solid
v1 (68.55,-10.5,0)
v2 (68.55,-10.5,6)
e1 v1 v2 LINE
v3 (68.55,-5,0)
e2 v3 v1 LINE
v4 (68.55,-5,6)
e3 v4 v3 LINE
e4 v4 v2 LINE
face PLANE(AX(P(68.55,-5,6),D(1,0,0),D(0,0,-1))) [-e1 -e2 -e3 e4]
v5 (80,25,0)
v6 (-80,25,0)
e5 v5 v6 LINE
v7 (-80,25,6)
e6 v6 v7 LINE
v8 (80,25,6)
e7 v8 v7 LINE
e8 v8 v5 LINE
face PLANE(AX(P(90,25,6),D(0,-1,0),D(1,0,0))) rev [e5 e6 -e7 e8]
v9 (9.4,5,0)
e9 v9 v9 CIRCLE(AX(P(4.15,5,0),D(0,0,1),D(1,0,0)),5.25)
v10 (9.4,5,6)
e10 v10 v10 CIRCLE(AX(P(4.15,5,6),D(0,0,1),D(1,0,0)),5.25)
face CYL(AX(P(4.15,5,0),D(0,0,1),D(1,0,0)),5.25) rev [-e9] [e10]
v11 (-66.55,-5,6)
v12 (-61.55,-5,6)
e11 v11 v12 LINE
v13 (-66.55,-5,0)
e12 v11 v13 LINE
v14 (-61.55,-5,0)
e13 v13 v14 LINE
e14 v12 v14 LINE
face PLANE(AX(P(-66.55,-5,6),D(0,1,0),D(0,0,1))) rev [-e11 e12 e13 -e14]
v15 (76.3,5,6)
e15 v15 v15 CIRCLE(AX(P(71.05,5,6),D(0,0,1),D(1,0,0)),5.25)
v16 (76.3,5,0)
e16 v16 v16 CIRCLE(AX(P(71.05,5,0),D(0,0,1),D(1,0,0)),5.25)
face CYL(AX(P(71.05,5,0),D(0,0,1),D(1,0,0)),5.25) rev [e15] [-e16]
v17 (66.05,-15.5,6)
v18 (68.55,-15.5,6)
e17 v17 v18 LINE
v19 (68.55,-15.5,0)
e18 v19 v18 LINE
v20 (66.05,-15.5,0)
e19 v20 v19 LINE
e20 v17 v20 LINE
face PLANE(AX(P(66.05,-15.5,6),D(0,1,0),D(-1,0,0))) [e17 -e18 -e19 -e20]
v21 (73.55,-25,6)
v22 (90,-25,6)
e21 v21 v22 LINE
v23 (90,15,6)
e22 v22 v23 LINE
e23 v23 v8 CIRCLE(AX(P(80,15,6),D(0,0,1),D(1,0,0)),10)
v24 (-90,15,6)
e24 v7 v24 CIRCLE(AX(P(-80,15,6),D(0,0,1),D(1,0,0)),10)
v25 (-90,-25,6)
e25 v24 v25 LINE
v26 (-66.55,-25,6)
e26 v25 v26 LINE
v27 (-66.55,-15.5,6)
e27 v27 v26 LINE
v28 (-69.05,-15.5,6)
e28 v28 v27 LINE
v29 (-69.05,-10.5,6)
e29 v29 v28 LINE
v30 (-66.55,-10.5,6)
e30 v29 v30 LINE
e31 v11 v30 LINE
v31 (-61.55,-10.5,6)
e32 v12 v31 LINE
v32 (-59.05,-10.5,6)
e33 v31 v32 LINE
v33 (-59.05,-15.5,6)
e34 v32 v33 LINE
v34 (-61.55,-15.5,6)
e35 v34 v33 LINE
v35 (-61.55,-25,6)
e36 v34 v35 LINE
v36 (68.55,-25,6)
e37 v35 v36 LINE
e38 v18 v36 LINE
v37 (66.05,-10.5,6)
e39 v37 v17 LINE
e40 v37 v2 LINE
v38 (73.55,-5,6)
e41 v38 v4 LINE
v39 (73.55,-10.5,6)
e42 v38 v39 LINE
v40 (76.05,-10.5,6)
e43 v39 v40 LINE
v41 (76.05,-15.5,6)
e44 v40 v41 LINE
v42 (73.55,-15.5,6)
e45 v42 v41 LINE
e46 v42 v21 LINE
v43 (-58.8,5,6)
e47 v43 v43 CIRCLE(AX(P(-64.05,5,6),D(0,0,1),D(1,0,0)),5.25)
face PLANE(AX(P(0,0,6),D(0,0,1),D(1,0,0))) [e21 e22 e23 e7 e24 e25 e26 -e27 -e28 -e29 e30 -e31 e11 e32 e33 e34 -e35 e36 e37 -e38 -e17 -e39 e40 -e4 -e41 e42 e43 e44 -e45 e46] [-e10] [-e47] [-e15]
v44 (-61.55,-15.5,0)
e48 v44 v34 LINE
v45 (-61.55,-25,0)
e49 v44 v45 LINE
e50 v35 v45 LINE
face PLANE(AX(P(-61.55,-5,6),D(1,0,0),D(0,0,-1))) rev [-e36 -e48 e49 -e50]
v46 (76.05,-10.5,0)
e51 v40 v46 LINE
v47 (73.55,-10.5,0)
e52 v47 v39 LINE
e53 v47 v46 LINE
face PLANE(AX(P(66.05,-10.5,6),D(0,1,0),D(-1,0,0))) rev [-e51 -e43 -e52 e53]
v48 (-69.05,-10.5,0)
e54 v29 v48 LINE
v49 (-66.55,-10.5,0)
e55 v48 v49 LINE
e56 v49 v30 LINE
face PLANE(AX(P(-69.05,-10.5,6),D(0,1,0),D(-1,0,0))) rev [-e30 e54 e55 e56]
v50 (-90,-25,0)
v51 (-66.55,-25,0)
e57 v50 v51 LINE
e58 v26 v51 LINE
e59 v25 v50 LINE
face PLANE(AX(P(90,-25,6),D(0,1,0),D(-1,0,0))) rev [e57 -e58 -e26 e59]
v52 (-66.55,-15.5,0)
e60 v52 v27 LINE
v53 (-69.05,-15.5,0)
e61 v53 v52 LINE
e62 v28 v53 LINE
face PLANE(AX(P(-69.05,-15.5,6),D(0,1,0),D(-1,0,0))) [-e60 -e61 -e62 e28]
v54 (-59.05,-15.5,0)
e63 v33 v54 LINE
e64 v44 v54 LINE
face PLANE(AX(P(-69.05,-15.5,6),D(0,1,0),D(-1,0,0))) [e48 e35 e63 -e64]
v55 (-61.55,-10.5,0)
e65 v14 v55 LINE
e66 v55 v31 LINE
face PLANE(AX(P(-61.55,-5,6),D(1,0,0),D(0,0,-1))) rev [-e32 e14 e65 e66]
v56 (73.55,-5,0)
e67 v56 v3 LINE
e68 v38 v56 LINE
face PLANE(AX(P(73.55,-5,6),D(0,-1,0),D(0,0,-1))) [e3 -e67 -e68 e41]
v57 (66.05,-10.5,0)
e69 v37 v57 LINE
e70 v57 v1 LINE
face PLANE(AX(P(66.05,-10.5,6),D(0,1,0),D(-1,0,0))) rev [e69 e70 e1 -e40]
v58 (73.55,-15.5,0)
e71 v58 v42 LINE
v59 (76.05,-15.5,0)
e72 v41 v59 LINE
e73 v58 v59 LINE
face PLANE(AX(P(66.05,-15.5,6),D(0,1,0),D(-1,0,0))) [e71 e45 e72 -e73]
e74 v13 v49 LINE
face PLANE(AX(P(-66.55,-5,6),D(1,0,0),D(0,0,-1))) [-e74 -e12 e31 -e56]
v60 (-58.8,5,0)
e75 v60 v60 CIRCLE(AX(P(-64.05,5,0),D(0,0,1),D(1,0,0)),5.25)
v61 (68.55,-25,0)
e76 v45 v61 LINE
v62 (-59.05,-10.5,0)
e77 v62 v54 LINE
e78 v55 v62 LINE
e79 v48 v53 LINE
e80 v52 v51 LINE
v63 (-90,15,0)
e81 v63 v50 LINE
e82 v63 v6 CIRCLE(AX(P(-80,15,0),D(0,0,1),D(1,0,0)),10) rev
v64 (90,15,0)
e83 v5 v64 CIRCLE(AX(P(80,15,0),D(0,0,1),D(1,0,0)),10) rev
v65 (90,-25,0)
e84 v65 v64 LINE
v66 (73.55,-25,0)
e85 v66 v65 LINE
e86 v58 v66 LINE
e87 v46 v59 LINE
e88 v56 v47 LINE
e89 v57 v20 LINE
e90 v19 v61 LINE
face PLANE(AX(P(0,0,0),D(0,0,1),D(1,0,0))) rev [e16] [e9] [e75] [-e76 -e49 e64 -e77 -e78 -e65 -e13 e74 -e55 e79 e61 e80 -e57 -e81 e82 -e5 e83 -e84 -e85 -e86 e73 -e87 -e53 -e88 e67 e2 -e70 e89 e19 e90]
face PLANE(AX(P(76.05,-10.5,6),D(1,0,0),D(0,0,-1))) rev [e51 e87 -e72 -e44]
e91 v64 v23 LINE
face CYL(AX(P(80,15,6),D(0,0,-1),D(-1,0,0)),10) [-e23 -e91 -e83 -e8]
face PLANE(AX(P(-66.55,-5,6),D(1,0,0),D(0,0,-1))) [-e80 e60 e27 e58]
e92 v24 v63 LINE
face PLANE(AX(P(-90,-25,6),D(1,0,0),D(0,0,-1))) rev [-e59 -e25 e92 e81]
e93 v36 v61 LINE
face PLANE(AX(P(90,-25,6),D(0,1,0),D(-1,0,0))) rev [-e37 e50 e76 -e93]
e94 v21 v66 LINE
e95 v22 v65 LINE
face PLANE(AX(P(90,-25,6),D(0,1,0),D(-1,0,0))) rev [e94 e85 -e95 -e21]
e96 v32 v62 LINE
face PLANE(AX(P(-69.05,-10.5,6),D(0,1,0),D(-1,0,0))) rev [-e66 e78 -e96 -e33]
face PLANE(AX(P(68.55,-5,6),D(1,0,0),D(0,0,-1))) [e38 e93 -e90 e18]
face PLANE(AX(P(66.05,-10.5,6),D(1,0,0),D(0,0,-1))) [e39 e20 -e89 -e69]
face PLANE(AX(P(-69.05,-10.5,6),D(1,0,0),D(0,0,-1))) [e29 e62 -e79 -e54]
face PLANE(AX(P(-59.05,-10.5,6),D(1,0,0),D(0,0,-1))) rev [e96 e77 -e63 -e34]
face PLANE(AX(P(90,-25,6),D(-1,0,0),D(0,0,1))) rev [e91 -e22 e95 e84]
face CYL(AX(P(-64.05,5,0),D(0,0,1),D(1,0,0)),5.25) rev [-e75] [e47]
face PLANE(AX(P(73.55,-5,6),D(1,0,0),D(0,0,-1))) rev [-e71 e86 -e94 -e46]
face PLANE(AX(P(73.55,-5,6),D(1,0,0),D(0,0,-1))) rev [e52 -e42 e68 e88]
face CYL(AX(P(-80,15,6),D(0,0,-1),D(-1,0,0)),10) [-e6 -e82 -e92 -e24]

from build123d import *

# Parameters (mm, degrees)
SKETCH1_W           = 180
SKETCH1_H           = 50
BOSS_EXTRUDE1_DEPTH = 6
SKETCH2_R           = 5.25
CUT_EXTRUDE1_DEPTH  = 7
FILLET1_R           = 10
SKETCH3_W           = 5
SKETCH3_H           = 20
SKETCH3_W_2         = 10
SKETCH3_H_2         = 5
CUT_EXTRUDE2_DEPTH  = 7


with BuildPart() as part:
    # Sketch1 → Boss-Extrude1 (new body)
    with BuildSketch(Plane.XY):
        Rectangle(SKETCH1_W, SKETCH1_H)
    extrude(amount=BOSS_EXTRUDE1_DEPTH)

    # Sketch2 → Cut-Extrude1 (cut, through all)
    with BuildSketch(Plane.XY.offset(6)):
        with Locations((-64.05, 5)):
            Circle(SKETCH2_R)
        with Locations((4.15, 5)):
            Circle(SKETCH2_R)
        with Locations((71.05, 5)):
            Circle(SKETCH2_R)
    extrude(amount=-CUT_EXTRUDE1_DEPTH, mode=Mode.SUBTRACT)

    # Fillet1
    fillet1_edges = [part.edges().sort_by_distance(p)[0] for p in [
        (-90, 25, 3),
        (90, 25, 3),
    ]]
    fillet(fillet1_edges, radius=FILLET1_R)

    # Sketch3 → Cut-Extrude2 (cut, through all)
    with BuildSketch(Plane(origin=(0, 0, 0), x_dir=(-1, 0, 0), z_dir=(0, 0, -1))):
        with Locations((-71.05, -15)):
            Rectangle(SKETCH3_W, SKETCH3_H)
        with Locations((64.05, -15)):
            Rectangle(SKETCH3_W, SKETCH3_H)
        with Locations((-71.05, -13)):
            Rectangle(SKETCH3_W_2, SKETCH3_H_2)
        with Locations((64.05, -13)):
            Rectangle(SKETCH3_W_2, SKETCH3_H_2)
    extrude(amount=-CUT_EXTRUDE2_DEPTH, mode=Mode.SUBTRACT)


solid = part.part
